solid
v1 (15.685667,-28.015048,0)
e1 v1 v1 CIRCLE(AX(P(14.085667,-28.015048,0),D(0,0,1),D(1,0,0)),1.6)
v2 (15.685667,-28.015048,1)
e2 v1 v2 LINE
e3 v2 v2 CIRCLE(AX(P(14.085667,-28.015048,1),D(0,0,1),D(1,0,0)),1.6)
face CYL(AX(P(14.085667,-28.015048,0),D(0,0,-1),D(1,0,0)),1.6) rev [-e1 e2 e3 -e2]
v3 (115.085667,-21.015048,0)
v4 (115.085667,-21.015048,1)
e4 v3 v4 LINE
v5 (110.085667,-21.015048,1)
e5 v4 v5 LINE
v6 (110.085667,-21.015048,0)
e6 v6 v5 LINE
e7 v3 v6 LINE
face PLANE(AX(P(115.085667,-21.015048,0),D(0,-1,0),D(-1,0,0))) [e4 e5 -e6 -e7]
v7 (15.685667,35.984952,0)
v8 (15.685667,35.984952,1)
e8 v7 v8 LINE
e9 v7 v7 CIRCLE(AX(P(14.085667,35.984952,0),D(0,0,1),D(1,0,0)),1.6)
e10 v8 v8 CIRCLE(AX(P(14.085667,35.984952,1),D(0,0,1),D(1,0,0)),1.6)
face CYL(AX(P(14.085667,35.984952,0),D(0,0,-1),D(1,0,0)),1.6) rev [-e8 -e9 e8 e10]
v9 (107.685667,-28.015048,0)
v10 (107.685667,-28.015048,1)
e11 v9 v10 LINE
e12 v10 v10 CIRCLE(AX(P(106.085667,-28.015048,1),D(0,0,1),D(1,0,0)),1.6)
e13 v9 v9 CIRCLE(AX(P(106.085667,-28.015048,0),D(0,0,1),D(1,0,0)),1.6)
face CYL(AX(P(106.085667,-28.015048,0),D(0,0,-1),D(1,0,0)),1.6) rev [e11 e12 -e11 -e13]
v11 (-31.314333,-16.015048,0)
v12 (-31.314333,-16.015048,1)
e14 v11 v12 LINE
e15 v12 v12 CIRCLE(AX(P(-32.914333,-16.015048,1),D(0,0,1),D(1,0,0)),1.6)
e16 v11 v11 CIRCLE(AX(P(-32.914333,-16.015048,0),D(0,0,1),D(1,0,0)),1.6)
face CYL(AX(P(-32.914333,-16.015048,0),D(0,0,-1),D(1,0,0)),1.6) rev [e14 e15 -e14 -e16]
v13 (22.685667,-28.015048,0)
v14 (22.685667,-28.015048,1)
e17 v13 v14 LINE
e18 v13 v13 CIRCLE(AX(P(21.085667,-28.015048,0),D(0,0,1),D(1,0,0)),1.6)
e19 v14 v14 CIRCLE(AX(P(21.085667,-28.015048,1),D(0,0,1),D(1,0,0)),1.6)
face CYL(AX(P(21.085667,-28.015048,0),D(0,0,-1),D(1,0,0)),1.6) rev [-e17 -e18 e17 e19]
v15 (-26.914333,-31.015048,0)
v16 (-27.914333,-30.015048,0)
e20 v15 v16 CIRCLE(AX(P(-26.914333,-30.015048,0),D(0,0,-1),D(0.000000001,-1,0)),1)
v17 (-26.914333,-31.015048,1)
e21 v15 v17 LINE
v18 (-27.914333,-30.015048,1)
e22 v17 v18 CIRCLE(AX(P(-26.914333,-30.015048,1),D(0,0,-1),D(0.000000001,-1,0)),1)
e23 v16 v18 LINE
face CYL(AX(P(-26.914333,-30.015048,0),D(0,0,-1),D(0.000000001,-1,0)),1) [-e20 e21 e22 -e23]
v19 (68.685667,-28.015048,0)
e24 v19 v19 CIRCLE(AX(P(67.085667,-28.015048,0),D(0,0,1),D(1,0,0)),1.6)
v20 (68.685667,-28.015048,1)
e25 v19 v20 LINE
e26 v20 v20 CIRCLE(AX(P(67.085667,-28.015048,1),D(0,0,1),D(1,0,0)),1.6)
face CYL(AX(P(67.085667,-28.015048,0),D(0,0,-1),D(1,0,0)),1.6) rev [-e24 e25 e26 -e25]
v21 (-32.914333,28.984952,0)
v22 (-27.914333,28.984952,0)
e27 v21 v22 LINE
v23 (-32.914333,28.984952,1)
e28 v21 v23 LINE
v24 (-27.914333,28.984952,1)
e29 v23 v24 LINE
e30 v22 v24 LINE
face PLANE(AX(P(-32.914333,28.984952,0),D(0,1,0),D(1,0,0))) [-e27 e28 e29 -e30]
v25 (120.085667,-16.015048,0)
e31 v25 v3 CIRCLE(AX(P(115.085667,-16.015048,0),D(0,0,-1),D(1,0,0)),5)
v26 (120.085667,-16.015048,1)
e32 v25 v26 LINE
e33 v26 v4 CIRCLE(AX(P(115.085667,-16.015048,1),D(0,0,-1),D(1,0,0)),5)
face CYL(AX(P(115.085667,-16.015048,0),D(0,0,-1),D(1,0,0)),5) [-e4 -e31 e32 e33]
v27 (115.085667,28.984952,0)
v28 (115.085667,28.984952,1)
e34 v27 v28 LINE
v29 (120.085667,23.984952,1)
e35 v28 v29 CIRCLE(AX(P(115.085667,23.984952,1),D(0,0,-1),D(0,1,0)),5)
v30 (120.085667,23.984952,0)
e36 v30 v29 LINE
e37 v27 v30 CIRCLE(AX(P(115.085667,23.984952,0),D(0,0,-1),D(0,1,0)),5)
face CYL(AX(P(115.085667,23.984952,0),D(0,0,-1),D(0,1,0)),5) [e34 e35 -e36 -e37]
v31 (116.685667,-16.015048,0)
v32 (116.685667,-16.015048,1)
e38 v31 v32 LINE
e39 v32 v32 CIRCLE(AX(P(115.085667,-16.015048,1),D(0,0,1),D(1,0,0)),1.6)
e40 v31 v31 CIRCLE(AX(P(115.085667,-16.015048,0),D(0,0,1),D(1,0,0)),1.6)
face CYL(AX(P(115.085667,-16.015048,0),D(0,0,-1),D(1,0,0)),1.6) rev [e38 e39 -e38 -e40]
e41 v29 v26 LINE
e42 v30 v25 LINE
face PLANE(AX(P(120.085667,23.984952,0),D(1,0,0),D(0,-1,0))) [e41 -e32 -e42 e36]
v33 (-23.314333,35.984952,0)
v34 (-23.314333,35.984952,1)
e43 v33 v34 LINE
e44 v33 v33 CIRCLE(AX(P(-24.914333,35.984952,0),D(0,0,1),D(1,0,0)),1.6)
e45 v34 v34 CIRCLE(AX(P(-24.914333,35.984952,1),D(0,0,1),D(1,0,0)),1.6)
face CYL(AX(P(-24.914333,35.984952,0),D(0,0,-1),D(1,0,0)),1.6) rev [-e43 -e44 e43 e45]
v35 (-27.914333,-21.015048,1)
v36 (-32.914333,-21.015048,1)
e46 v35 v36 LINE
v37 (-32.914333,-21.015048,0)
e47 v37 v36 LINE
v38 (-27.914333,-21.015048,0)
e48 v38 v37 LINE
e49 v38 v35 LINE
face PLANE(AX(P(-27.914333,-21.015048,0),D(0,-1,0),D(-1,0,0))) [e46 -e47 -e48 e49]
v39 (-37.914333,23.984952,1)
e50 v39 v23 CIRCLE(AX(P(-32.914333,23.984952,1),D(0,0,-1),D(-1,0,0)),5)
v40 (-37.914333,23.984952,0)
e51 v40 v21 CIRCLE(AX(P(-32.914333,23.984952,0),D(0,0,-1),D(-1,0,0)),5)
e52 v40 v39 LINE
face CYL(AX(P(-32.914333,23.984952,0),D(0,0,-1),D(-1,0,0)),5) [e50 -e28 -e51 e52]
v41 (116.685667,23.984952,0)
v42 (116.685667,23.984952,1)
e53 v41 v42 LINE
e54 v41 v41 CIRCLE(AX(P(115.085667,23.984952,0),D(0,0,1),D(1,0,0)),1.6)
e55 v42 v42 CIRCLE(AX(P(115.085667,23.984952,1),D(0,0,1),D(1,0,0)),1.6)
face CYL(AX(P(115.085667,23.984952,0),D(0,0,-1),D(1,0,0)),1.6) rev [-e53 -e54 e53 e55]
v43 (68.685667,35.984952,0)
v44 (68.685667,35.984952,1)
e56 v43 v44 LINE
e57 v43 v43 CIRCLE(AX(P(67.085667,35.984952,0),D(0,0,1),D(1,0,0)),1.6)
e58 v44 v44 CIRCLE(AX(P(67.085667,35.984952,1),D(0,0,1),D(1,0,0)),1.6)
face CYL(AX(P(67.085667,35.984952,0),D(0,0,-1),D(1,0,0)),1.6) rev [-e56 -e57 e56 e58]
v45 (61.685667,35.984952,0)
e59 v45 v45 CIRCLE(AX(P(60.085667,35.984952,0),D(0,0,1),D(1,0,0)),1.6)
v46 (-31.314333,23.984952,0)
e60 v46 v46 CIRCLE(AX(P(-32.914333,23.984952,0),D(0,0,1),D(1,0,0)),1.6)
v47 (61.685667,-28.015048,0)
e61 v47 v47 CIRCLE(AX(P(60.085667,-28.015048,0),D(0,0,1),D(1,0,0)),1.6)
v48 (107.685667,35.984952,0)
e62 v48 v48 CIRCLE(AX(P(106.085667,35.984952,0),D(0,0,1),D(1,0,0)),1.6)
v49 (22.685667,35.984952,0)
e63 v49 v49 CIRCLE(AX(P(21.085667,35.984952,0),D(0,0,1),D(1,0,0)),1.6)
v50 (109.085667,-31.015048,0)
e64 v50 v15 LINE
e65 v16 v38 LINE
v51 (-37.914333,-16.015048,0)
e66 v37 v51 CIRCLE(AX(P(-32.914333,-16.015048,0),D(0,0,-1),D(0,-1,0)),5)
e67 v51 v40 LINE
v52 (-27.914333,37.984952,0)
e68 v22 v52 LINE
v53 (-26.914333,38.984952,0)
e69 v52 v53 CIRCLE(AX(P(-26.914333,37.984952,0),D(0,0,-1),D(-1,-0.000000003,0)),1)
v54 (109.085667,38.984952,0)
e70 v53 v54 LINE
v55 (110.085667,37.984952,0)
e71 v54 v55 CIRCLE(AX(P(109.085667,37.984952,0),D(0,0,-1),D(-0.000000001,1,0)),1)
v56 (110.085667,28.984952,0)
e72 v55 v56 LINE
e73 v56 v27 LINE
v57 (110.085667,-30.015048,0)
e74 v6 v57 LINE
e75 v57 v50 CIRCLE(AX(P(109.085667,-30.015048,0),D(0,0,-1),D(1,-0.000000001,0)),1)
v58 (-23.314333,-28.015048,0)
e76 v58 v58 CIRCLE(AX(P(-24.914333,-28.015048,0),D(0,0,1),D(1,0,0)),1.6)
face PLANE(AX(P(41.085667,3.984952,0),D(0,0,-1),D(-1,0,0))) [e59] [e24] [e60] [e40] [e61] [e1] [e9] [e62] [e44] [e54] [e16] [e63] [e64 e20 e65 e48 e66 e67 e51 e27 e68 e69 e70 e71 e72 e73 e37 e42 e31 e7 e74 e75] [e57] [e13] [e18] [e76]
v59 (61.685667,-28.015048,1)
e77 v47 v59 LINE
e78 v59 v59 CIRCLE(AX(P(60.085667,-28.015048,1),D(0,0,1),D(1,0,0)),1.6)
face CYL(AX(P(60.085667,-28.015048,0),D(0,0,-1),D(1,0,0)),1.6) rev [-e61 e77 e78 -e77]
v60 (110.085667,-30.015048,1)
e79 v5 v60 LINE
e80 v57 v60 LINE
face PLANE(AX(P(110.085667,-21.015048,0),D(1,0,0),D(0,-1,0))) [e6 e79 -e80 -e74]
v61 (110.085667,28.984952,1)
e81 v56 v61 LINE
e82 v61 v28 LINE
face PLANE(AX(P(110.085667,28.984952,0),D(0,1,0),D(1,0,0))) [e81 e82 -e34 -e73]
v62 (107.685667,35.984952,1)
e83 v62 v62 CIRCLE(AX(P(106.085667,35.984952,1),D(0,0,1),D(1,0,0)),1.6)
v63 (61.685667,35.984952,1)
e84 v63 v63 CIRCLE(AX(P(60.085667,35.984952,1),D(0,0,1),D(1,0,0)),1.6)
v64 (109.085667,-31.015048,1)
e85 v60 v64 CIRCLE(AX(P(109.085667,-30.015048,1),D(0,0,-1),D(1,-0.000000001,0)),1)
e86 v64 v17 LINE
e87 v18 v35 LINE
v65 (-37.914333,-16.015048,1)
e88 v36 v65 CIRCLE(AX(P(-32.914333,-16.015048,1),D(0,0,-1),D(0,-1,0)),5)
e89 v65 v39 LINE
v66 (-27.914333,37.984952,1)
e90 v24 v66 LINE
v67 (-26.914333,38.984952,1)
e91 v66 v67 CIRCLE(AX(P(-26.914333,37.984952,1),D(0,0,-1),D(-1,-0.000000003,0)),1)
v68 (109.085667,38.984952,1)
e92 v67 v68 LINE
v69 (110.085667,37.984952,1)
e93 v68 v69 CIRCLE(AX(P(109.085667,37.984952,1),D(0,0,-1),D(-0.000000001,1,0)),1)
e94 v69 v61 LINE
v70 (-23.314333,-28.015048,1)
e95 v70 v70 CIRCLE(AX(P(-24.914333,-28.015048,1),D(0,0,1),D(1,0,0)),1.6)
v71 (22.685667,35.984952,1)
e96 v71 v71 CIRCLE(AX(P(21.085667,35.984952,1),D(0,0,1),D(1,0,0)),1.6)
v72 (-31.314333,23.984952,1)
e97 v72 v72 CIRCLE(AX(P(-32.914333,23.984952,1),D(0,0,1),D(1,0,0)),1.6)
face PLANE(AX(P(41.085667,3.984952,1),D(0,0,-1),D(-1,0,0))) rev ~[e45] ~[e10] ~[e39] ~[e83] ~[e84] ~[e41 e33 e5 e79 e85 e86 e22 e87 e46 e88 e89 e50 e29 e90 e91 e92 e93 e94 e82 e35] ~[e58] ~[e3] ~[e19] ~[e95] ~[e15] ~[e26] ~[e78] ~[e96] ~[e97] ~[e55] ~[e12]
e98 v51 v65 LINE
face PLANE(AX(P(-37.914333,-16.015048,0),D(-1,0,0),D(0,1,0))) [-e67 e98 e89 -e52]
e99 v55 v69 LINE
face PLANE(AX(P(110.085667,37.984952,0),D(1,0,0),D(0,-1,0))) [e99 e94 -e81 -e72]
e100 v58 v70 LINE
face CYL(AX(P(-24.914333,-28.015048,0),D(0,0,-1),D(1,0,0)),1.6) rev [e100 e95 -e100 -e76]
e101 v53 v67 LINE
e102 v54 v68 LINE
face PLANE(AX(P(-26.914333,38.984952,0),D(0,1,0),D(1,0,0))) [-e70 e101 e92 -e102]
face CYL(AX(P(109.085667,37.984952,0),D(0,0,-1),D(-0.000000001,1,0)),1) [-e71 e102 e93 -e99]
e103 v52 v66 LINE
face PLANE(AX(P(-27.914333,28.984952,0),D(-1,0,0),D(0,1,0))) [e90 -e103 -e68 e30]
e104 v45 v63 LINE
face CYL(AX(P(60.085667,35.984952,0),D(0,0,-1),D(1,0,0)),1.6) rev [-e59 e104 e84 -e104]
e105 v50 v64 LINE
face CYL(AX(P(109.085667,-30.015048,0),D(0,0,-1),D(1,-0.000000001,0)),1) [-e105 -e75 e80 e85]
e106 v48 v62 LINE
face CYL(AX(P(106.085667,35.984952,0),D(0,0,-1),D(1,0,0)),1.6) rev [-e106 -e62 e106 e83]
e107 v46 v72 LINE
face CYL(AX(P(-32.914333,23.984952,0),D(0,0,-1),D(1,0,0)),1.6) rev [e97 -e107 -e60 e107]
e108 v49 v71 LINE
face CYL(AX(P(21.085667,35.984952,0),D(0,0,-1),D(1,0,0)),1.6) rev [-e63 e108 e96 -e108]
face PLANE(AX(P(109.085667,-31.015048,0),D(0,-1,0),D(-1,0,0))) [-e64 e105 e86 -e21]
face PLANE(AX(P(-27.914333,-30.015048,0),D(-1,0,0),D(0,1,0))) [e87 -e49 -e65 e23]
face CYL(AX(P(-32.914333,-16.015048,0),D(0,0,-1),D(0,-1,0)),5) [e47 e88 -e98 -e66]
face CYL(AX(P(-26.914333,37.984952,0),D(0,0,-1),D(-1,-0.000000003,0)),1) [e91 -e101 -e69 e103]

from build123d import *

# Parameters (mm, degrees)
SKETCH1_R           = 1.6
BOSS_EXTRUDE1_DEPTH = 1


with BuildPart() as part:
    # Sketch1 → Boss-Extrude1 (new body)
    with BuildSketch(Plane.XY):
        with BuildLine():
            Line((110.085666764, -21.015048426), (110.085666764, -30.015048426))
            ThreePointArc((110.085666764, -30.015048426), (109.792773545, -30.722155207), (109.085666764, -31.015048426))
            Line((109.085666764, -31.015048426), (-26.914333236, -31.015048426))
            ThreePointArc((-26.914333236, -31.015048426), (-27.621440018, -30.722155207), (-27.914333236, -30.015048426))
            Line((-27.914333236, -30.015048426), (-27.914333236, -21.015048426))
            Line((-27.914333236, -21.015048426), (-32.914333236, -21.015048426))
            ThreePointArc((-32.914333236, -21.015048426), (-36.449867142, -19.550582332), (-37.914333236, -16.015048426))
            Line((-37.914333236, -16.015048426), (-37.914333236, 23.984951574))
            ThreePointArc((-37.914333236, 23.984951574), (-36.449867142, 27.52048548), (-32.914333236, 28.984951574))
            Line((-32.914333236, 28.984951574), (-27.914333236, 28.984951574))
            Line((-27.914333236, 28.984951574), (-27.914333236, 37.984951574))
            ThreePointArc((-27.914333236, 37.984951574), (-27.621440018, 38.692058356), (-26.914333236, 38.984951574))
            Line((-26.914333236, 38.984951574), (109.085666764, 38.984951574))
            ThreePointArc((109.085666764, 38.984951574), (109.792773545, 38.692058356), (110.085666764, 37.984951574))
            Line((110.085666764, 37.984951574), (110.085666764, 28.984951574))
            Line((110.085666764, 28.984951574), (115.085666764, 28.984951574))
            ThreePointArc((115.085666764, 28.984951574), (118.62120067, 27.52048548), (120.085666764, 23.984951574))
            Line((120.085666764, 23.984951574), (120.085666764, -16.015048426))
            ThreePointArc((120.085666764, -16.015048426), (118.62120067, -19.550582332), (115.085666764, -21.015048426))
            Line((115.085666764, -21.015048426), (110.085666764, -21.015048426))
        make_face()
        with Locations((-24.914333236, 35.984951574)):
            Circle(SKETCH1_R, mode=Mode.SUBTRACT)
        with Locations((14.085666764, 35.984951574)):
            Circle(SKETCH1_R, mode=Mode.SUBTRACT)
        with Locations((-24.914333236, -28.015048426)):
            Circle(SKETCH1_R, mode=Mode.SUBTRACT)
        with Locations((14.085666764, -28.015048426)):
            Circle(SKETCH1_R, mode=Mode.SUBTRACT)
        with Locations((21.085666764, 35.984951574)):
            Circle(SKETCH1_R, mode=Mode.SUBTRACT)
        with Locations((60.085666764, 35.984951574)):
            Circle(SKETCH1_R, mode=Mode.SUBTRACT)
        with Locations((60.085666764, -28.015048426)):
            Circle(SKETCH1_R, mode=Mode.SUBTRACT)
        with Locations((21.085666764, -28.015048426)):
            Circle(SKETCH1_R, mode=Mode.SUBTRACT)
        with Locations((67.085666764, 35.984951574)):
            Circle(SKETCH1_R, mode=Mode.SUBTRACT)
        with Locations((106.085666764, 35.984951574)):
            Circle(SKETCH1_R, mode=Mode.SUBTRACT)
        with Locations((106.085666764, -28.015048426)):
            Circle(SKETCH1_R, mode=Mode.SUBTRACT)
        with Locations((67.085666764, -28.015048426)):
            Circle(SKETCH1_R, mode=Mode.SUBTRACT)
        with Locations((-32.914333236, -16.015048426)):
            Circle(SKETCH1_R, mode=Mode.SUBTRACT)
        with Locations((-32.914333236, 23.984951574)):
            Circle(SKETCH1_R, mode=Mode.SUBTRACT)
        with Locations((115.085666764, 23.984951574)):
            Circle(SKETCH1_R, mode=Mode.SUBTRACT)
        with Locations((115.085666764, -16.015048426)):
            Circle(SKETCH1_R, mode=Mode.SUBTRACT)
    extrude(amount=BOSS_EXTRUDE1_DEPTH)


solid = part.part
